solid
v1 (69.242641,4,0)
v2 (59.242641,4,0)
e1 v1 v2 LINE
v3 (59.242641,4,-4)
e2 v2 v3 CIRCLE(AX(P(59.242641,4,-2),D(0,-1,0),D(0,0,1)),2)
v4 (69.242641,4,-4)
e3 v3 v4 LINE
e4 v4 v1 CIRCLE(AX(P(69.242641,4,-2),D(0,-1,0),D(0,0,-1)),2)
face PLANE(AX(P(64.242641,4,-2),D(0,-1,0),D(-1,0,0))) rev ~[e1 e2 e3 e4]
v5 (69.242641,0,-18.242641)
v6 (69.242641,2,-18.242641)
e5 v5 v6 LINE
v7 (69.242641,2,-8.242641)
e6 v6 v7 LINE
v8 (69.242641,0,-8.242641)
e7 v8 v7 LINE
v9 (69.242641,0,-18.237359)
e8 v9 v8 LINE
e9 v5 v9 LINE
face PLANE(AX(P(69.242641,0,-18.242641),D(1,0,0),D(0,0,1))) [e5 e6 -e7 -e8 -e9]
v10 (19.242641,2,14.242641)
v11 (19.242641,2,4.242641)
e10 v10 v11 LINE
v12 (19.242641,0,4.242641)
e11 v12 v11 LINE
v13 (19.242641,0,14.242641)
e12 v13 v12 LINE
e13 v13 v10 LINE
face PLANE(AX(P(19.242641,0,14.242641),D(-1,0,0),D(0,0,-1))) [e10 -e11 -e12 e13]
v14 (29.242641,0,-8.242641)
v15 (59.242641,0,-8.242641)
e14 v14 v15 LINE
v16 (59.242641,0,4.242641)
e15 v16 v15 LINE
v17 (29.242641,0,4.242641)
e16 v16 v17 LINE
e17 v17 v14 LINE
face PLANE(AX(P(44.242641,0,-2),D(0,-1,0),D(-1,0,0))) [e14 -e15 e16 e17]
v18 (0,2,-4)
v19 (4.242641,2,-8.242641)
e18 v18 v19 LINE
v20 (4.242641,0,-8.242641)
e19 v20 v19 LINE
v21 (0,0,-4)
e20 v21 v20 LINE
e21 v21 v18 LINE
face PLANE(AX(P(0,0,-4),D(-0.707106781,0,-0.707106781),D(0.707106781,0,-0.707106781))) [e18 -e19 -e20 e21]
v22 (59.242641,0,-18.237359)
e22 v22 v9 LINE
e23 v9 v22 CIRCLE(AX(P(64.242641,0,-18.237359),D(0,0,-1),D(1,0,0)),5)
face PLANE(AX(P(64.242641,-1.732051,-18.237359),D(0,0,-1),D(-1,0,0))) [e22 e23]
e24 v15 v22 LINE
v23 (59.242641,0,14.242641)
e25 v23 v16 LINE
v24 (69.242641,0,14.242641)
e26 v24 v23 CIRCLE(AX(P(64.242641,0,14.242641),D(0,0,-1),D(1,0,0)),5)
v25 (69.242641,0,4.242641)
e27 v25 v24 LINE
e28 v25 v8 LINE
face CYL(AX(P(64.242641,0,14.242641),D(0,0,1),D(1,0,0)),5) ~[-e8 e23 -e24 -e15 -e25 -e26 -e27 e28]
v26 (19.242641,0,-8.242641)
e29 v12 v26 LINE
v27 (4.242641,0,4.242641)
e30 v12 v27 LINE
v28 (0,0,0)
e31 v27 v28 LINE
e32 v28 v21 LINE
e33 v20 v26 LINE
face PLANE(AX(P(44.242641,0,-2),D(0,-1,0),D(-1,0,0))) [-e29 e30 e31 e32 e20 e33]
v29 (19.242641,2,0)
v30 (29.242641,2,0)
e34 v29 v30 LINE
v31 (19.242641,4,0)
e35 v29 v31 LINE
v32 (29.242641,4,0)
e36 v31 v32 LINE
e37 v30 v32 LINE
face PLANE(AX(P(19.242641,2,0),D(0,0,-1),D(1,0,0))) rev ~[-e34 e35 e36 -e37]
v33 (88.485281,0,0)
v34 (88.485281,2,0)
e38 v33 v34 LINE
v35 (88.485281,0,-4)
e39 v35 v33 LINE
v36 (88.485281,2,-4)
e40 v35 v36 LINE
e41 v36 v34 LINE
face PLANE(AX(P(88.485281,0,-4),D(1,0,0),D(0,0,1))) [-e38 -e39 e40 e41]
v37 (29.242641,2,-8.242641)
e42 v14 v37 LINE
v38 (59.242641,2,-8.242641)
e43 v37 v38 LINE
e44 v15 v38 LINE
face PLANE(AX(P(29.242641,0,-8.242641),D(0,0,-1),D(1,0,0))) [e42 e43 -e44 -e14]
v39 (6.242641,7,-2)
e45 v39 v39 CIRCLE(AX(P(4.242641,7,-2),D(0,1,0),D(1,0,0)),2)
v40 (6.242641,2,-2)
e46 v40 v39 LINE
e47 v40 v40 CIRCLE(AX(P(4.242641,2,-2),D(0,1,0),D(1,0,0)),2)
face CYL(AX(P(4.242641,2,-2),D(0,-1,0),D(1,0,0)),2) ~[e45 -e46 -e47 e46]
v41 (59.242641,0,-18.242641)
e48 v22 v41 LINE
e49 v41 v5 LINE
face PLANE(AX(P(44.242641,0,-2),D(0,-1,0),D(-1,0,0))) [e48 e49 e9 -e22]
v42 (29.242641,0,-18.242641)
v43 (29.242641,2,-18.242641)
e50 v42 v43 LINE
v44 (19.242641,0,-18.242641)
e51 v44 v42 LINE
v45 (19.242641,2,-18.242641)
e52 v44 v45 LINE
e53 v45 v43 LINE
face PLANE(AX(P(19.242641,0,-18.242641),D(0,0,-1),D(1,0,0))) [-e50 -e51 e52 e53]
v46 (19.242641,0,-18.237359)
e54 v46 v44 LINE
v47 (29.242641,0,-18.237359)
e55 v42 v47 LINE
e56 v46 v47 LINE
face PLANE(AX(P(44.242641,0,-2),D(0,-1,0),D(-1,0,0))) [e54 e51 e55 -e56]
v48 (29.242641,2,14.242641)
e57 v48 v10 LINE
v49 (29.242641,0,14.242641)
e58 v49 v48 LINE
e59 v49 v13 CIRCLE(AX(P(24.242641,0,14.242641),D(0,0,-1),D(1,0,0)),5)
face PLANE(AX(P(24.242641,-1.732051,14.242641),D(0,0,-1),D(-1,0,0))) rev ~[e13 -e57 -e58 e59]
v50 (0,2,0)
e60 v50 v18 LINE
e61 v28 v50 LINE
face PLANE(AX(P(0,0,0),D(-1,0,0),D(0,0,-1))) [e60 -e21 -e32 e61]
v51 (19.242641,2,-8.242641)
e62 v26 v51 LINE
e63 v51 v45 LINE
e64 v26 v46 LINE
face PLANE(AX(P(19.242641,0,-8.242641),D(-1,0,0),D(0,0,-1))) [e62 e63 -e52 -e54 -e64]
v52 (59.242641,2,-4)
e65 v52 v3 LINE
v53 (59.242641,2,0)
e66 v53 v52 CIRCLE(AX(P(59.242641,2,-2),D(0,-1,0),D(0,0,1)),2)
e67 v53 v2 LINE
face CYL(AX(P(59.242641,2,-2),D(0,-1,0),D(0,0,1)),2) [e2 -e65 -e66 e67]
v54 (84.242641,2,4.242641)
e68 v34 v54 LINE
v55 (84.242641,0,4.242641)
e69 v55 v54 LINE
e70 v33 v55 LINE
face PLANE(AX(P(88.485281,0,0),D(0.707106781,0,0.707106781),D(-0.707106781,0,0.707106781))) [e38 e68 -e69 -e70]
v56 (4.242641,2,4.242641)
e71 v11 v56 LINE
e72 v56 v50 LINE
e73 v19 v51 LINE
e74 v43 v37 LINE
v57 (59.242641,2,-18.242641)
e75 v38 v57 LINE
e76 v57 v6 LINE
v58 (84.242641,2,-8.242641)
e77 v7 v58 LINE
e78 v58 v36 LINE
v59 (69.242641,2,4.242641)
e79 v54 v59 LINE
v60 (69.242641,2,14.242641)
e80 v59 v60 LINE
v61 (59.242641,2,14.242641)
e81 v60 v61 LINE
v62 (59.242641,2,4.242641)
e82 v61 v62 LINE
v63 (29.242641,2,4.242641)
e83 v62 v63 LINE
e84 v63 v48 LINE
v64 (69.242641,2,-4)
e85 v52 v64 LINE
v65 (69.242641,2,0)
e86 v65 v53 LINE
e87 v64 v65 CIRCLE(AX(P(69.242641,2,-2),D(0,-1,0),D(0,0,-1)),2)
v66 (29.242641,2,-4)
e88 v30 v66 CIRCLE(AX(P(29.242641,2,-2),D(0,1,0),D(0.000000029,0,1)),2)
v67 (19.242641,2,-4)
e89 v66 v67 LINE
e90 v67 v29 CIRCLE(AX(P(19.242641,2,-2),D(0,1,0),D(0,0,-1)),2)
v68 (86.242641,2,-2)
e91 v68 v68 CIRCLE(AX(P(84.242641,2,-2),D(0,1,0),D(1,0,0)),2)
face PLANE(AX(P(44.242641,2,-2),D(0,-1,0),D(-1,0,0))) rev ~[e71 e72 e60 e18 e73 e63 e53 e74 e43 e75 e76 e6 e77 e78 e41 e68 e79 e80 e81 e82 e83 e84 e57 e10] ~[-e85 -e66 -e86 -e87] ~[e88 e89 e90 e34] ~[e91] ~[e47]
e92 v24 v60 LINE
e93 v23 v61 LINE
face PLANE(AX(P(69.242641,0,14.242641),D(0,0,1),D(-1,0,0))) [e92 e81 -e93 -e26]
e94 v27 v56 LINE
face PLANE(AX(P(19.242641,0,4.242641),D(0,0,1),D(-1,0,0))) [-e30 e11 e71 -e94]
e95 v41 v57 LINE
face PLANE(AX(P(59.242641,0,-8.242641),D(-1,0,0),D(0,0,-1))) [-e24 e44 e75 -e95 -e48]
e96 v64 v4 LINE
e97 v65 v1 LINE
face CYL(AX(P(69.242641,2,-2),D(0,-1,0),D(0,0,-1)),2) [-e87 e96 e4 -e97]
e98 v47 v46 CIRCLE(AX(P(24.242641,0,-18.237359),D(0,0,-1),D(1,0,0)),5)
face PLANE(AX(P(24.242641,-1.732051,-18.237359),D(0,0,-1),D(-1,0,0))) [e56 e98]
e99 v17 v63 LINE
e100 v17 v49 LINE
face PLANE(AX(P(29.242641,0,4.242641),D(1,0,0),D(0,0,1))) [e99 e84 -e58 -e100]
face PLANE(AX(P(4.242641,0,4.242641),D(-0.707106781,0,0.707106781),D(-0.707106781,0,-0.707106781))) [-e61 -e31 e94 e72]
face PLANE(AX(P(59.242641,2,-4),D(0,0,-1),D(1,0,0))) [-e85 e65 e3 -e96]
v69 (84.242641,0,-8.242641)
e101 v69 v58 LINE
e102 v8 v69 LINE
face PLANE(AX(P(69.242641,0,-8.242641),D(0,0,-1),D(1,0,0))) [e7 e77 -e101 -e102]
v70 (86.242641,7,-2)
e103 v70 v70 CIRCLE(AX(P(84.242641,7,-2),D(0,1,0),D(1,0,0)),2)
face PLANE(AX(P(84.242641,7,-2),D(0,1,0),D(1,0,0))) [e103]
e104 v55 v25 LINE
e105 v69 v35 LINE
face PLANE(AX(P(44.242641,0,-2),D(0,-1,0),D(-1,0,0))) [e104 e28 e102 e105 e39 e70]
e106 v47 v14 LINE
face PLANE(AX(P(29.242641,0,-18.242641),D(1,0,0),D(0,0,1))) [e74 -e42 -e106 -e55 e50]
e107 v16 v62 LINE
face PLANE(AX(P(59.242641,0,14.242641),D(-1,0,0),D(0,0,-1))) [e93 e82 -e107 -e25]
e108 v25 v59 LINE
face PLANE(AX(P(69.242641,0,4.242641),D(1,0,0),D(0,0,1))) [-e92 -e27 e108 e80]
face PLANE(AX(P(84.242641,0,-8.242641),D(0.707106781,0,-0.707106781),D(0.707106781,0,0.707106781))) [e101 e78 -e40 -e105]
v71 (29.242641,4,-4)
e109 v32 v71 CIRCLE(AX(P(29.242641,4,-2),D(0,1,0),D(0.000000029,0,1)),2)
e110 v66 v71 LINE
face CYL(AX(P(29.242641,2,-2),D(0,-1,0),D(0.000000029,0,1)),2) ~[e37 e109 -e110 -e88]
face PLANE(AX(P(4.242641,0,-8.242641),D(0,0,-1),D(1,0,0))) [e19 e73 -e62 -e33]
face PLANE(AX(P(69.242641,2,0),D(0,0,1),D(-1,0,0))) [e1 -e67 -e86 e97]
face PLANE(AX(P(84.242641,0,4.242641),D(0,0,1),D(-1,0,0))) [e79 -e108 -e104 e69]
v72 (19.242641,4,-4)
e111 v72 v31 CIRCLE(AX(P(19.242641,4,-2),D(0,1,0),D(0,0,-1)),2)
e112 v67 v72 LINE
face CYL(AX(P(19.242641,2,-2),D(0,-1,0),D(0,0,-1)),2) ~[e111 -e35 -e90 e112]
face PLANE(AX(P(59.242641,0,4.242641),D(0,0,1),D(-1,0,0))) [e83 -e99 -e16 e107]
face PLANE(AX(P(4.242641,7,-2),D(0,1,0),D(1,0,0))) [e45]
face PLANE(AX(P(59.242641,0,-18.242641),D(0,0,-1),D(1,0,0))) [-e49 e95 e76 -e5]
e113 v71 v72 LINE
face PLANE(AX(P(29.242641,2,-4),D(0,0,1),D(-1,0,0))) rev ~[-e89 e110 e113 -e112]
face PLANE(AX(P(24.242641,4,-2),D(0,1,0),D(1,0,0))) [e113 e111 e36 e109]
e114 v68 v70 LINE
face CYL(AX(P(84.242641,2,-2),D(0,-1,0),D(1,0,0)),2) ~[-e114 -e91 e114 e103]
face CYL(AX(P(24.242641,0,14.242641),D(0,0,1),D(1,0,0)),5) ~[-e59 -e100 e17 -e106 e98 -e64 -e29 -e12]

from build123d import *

# Parameters (mm, degrees)
SALIENTE_EXTRUIR1_DEPTH = 2
SALIENTE_EXTRUIR3_DEPTH = 2
CROQUIS3_R              = 2
SALIENTE_EXTRUIR4_DEPTH = 5
SALIENTE_EXTRUIR5_DEPTH = 32.48


with BuildPart() as part:
    # Croquis1 → Saliente-Extruir1 (new body)
    with BuildSketch(Plane(origin=(0, 0, 0), x_dir=(1, 0, 0), z_dir=(0, 1, 0))):
        Polygon((0, 0), (0, 4), (4.242640687, 8.242640687), (19.242640687, 8.242640687), (19.242640687, 18.242640687), (29.242640687, 18.242640687), (29.242640687, 8.242640687), (59.242640687, 8.242640687), (59.242640687, 18.242640687), (69.242640687, 18.242640687), (69.242640687, 8.242640687), (84.242640687, 8.242640687), (88.485281374, 4), (88.485281374, 0), (84.242640687, -4.242640687), (69.242640687, -4.242640687), (69.242640687, -14.242640687), (59.242640687, -14.242640687), (59.242640687, -4.242640687), (29.242640687, -4.242640687), (29.242640687, -14.242640687), (19.242640687, -14.242640687), (19.242640687, -4.242640687), (4.242640687, -4.242640687), align=None)
    extrude(amount=SALIENTE_EXTRUIR1_DEPTH)

    # Croquis2 → Saliente-Extruir3 (add)
    with BuildSketch(Plane(origin=(0, 2, 0), x_dir=(1, 0, 0), z_dir=(0, 1, 0))):
        with BuildLine():
            ThreePointArc((59.242640745, 0), (57.242640745, 2), (59.242640745, 4))
            Line((59.242640745, 4), (69.242640687, 4))
            ThreePointArc((69.242640687, 4), (71.242640687, 2), (69.242640687, 0))
            Line((69.242640687, 0), (59.242640745, 0))
        make_face()
        with BuildLine():
            Line((19.242640687, 0), (29.242640687, 0))
            ThreePointArc((29.242640687, 0), (31.242640629, 2), (29.242640687, 4))
            Line((29.242640687, 4), (19.242640687, 4))
            ThreePointArc((19.242640687, 4), (17.242640687, 2), (19.242640687, 0))
        make_face()
    extrude(amount=SALIENTE_EXTRUIR3_DEPTH)

    # Croquis3 → Saliente-Extruir4 (add)
    with BuildSketch(Plane(origin=(0, 2, 0), x_dir=(1, 0, 0), z_dir=(0, 1, 0))):
        with Locations((84.242640687, 2)):
            Circle(CROQUIS3_R)
        with Locations((4.242640687, 2)):
            Circle(CROQUIS3_R)
    extrude(amount=SALIENTE_EXTRUIR4_DEPTH)

    # Croquis4 → Saliente-Extruir5 (add)
    with BuildSketch(Plane.XY.offset(14.242640687)):
        with BuildLine():
            Line((19.242640687, 0), (29.242640687, 0))
            ThreePointArc((29.242640687, 0), (24.242640687, -5), (19.242640687, 0))
        make_face()
        with BuildLine():
            Line((59.242640687, 0), (69.242640687, 0))
            ThreePointArc((69.242640687, 0), (64.242640687, -5), (59.242640687, 0))
        make_face()
    extrude(amount=-SALIENTE_EXTRUIR5_DEPTH)


solid = part.part
